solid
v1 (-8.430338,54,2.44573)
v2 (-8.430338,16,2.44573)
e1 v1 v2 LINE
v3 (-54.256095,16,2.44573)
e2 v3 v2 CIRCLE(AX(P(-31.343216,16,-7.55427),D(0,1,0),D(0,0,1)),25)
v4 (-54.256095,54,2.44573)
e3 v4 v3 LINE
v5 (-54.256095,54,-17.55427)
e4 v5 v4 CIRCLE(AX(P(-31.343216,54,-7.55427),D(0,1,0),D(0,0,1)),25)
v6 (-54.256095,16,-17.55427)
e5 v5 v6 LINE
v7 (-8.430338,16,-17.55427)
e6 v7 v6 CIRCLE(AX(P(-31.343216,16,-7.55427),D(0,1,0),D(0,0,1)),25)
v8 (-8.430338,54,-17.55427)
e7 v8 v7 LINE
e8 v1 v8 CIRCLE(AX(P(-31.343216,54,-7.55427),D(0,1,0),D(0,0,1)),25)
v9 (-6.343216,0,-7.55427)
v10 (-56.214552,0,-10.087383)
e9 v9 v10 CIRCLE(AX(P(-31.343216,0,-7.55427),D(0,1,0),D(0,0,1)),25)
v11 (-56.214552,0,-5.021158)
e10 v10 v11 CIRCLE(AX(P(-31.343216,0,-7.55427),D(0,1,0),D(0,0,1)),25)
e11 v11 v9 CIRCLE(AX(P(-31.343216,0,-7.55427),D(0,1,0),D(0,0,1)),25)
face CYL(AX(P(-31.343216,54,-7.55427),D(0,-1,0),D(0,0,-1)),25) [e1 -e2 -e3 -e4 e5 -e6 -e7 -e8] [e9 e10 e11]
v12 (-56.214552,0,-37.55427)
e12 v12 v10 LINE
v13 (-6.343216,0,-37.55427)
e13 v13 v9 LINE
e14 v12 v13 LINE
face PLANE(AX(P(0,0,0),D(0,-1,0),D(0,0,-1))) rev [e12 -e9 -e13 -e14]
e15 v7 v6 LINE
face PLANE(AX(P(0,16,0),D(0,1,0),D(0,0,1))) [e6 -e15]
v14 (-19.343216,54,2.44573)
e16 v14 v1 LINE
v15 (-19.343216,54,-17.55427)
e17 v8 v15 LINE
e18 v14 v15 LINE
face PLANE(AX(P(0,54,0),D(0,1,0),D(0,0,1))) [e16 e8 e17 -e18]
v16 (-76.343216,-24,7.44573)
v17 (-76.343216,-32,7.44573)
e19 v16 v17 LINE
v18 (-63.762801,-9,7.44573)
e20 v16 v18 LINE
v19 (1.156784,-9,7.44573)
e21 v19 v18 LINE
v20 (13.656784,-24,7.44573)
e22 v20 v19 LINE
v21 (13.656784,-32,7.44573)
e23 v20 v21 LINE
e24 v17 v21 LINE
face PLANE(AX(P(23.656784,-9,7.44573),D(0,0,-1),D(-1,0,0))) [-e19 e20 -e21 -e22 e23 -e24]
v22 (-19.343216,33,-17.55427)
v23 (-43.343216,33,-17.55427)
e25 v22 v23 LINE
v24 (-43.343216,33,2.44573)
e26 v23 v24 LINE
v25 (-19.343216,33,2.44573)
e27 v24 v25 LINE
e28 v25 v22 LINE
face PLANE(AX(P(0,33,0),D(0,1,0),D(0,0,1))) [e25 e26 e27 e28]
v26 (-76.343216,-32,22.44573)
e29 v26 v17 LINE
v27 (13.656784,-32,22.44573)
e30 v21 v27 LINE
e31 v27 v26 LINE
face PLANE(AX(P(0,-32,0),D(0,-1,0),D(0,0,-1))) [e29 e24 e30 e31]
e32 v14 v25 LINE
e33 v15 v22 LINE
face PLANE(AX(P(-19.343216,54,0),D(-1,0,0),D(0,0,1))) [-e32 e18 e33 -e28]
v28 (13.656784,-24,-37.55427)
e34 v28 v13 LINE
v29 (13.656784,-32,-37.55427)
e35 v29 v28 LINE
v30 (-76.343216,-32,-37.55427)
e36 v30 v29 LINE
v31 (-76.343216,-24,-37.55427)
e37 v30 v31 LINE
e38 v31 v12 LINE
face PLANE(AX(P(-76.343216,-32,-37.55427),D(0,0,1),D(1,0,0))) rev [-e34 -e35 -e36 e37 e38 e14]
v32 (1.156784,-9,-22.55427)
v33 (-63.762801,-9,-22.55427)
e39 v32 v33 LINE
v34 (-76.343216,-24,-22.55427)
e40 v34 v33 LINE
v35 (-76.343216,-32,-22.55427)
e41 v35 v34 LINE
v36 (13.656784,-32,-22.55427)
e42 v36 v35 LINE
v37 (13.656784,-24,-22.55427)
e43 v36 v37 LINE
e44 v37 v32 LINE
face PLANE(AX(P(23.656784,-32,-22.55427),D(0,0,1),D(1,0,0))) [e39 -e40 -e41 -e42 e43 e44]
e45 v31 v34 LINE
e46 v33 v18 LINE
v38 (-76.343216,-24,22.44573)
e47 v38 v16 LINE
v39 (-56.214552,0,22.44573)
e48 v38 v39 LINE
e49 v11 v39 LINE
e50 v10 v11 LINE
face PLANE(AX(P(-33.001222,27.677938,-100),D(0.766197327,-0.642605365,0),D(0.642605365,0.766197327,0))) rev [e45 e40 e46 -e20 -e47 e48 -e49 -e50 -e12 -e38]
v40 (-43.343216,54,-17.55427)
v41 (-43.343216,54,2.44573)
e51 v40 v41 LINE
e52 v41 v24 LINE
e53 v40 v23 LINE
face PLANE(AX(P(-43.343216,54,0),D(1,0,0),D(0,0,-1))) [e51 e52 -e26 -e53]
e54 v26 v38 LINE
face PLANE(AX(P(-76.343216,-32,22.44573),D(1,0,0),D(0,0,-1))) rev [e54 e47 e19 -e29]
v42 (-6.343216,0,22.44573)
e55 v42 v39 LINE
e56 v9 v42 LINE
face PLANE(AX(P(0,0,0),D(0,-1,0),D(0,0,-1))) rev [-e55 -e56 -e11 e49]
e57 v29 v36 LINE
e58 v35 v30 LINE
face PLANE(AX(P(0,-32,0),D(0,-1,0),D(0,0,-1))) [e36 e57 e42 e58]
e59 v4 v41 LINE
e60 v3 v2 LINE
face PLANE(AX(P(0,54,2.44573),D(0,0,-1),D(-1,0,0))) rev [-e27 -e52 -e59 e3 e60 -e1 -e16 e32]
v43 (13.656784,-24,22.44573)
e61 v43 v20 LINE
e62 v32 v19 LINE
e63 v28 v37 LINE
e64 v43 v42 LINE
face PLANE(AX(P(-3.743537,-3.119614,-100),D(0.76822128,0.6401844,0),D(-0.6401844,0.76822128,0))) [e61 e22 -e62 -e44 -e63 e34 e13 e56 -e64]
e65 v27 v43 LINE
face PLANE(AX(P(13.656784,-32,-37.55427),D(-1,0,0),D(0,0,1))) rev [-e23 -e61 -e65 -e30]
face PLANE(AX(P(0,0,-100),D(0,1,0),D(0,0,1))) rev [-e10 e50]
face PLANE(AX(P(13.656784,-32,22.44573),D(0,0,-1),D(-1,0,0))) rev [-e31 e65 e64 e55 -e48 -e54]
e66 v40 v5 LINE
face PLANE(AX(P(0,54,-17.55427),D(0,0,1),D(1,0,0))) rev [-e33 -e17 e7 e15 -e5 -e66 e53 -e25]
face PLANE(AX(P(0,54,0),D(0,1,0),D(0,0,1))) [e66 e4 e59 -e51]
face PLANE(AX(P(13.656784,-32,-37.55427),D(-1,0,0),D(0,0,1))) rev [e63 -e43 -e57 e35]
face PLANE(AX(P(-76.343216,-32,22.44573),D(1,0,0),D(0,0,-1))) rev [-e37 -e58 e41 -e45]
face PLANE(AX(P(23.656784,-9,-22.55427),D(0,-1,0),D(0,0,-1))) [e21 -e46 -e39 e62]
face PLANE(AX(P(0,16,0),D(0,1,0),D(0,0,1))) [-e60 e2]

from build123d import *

# Parameters (mm, degrees)
SKETCH4_W            = 90
SKETCH4_H            = 60
BOSS_EXTRUDE13_DEPTH = 32
BOSS_EXTRUDE14_DEPTH = 54
SKETCH4_30_W         = 24
SKETCH4_30_H         = 20
BOSS_EXTRUDE16_DEPTH = 33
BOSS_EXTRUDE17_DEPTH = 16
SKETCH5_W            = 30
SKETCH5_H            = 23
CUT_EXTRUDE2_DEPTH   = 100
CUT_EXTRUDE3_DEPTH   = 100
CUT_EXTRUDE6_DEPTH   = 100


with BuildPart() as part:
    # Sketch4 → Boss-Extrude13 (new body)
    with BuildSketch(Plane(origin=(0, 0, 0), x_dir=(1, 0, 0), z_dir=(0, 1, 0))):
        with Locations((-31.3432161, 7.554270448)):
            Rectangle(SKETCH4_W, SKETCH4_H)
    extrude(amount=-BOSS_EXTRUDE13_DEPTH)

    # Sketch4<27> → Boss-Extrude14 (add)
    with BuildSketch(Plane(origin=(0, 0, 0), x_dir=(1, 0, 0), z_dir=(0, 1, 0))):
        with BuildLine():
            ThreePointArc((-54.256094575, 17.554270448), (-56.3432161, 7.554270448), (-54.256094575, -2.445729552))
            Line((-54.256094575, -2.445729552), (-43.3432161, -2.445729552))
            Line((-43.3432161, -2.445729552), (-43.3432161, 17.554270448))
            Line((-43.3432161, 17.554270448), (-54.256094575, 17.554270448))
        make_face()
        with BuildLine():
            ThreePointArc((-8.430337625, -2.445729552), (-6.3432161, 7.554270448), (-8.430337625, 17.554270448))
            Line((-8.430337625, 17.554270448), (-19.3432161, 17.554270448))
            Line((-19.3432161, 17.554270448), (-19.3432161, -2.445729552))
            Line((-19.3432161, -2.445729552), (-8.430337625, -2.445729552))
        make_face()
    extrude(amount=BOSS_EXTRUDE14_DEPTH)

    # Sketch4<30> → Boss-Extrude16 (add)
    with BuildSketch(Plane(origin=(0, 0, 0), x_dir=(1, 0, 0), z_dir=(0, 1, 0))):
        with Locations((-31.3432161, 7.554270448)):
            Rectangle(SKETCH4_30_W, SKETCH4_30_H)
    extrude(amount=BOSS_EXTRUDE16_DEPTH)

    # Sketch4<31> → Boss-Extrude17 (add)
    with BuildSketch(Plane(origin=(0, 0, 0), x_dir=(1, 0, 0), z_dir=(0, 1, 0))):
        with BuildLine():
            ThreePointArc((-8.430337625, 17.554270448), (-31.3432161, 32.554270448), (-54.256094575, 17.554270448))
            Line((-54.256094575, 17.554270448), (-8.430337625, 17.554270448))
        make_face()
        with BuildLine():
            Line((-8.430337625, -2.445729552), (-54.256094575, -2.445729552))
            ThreePointArc((-54.256094575, -2.445729552), (-31.3432161, -17.445729552), (-8.430337625, -2.445729552))
        make_face()
    extrude(amount=BOSS_EXTRUDE17_DEPTH)

    # Sketch5 → Cut-Extrude2 (cut)
    with BuildSketch(Plane.ZY.offset(76.3432161)):
        with Locations((-7.554270448, -20.5)):
            Rectangle(SKETCH5_W, SKETCH5_H)
    extrude(amount=-CUT_EXTRUDE2_DEPTH, mode=Mode.SUBTRACT)

    # Sketch7 → Cut-Extrude3 (cut)
    with BuildSketch(Plane.XY):
        Polygon((-76.3432161, 0), (-76.3432161, -24), (-56.214551836, 0), align=None)
        Polygon((-6.3432161, 0), (13.6567839, -24), (13.6567839, 0), align=None)
    extrude(amount=-CUT_EXTRUDE3_DEPTH, mode=Mode.SUBTRACT)

    # Sketch7<4> → Cut-Extrude6 (cut)
    with BuildSketch(Plane.XY):
        Polygon((-76.3432161, 0), (-76.3432161, -24), (-56.214551836, 0), align=None)
        Polygon((-6.3432161, 0), (13.6567839, -24), (13.6567839, 0), align=None)
    extrude(amount=CUT_EXTRUDE6_DEPTH, mode=Mode.SUBTRACT)


solid = part.part
